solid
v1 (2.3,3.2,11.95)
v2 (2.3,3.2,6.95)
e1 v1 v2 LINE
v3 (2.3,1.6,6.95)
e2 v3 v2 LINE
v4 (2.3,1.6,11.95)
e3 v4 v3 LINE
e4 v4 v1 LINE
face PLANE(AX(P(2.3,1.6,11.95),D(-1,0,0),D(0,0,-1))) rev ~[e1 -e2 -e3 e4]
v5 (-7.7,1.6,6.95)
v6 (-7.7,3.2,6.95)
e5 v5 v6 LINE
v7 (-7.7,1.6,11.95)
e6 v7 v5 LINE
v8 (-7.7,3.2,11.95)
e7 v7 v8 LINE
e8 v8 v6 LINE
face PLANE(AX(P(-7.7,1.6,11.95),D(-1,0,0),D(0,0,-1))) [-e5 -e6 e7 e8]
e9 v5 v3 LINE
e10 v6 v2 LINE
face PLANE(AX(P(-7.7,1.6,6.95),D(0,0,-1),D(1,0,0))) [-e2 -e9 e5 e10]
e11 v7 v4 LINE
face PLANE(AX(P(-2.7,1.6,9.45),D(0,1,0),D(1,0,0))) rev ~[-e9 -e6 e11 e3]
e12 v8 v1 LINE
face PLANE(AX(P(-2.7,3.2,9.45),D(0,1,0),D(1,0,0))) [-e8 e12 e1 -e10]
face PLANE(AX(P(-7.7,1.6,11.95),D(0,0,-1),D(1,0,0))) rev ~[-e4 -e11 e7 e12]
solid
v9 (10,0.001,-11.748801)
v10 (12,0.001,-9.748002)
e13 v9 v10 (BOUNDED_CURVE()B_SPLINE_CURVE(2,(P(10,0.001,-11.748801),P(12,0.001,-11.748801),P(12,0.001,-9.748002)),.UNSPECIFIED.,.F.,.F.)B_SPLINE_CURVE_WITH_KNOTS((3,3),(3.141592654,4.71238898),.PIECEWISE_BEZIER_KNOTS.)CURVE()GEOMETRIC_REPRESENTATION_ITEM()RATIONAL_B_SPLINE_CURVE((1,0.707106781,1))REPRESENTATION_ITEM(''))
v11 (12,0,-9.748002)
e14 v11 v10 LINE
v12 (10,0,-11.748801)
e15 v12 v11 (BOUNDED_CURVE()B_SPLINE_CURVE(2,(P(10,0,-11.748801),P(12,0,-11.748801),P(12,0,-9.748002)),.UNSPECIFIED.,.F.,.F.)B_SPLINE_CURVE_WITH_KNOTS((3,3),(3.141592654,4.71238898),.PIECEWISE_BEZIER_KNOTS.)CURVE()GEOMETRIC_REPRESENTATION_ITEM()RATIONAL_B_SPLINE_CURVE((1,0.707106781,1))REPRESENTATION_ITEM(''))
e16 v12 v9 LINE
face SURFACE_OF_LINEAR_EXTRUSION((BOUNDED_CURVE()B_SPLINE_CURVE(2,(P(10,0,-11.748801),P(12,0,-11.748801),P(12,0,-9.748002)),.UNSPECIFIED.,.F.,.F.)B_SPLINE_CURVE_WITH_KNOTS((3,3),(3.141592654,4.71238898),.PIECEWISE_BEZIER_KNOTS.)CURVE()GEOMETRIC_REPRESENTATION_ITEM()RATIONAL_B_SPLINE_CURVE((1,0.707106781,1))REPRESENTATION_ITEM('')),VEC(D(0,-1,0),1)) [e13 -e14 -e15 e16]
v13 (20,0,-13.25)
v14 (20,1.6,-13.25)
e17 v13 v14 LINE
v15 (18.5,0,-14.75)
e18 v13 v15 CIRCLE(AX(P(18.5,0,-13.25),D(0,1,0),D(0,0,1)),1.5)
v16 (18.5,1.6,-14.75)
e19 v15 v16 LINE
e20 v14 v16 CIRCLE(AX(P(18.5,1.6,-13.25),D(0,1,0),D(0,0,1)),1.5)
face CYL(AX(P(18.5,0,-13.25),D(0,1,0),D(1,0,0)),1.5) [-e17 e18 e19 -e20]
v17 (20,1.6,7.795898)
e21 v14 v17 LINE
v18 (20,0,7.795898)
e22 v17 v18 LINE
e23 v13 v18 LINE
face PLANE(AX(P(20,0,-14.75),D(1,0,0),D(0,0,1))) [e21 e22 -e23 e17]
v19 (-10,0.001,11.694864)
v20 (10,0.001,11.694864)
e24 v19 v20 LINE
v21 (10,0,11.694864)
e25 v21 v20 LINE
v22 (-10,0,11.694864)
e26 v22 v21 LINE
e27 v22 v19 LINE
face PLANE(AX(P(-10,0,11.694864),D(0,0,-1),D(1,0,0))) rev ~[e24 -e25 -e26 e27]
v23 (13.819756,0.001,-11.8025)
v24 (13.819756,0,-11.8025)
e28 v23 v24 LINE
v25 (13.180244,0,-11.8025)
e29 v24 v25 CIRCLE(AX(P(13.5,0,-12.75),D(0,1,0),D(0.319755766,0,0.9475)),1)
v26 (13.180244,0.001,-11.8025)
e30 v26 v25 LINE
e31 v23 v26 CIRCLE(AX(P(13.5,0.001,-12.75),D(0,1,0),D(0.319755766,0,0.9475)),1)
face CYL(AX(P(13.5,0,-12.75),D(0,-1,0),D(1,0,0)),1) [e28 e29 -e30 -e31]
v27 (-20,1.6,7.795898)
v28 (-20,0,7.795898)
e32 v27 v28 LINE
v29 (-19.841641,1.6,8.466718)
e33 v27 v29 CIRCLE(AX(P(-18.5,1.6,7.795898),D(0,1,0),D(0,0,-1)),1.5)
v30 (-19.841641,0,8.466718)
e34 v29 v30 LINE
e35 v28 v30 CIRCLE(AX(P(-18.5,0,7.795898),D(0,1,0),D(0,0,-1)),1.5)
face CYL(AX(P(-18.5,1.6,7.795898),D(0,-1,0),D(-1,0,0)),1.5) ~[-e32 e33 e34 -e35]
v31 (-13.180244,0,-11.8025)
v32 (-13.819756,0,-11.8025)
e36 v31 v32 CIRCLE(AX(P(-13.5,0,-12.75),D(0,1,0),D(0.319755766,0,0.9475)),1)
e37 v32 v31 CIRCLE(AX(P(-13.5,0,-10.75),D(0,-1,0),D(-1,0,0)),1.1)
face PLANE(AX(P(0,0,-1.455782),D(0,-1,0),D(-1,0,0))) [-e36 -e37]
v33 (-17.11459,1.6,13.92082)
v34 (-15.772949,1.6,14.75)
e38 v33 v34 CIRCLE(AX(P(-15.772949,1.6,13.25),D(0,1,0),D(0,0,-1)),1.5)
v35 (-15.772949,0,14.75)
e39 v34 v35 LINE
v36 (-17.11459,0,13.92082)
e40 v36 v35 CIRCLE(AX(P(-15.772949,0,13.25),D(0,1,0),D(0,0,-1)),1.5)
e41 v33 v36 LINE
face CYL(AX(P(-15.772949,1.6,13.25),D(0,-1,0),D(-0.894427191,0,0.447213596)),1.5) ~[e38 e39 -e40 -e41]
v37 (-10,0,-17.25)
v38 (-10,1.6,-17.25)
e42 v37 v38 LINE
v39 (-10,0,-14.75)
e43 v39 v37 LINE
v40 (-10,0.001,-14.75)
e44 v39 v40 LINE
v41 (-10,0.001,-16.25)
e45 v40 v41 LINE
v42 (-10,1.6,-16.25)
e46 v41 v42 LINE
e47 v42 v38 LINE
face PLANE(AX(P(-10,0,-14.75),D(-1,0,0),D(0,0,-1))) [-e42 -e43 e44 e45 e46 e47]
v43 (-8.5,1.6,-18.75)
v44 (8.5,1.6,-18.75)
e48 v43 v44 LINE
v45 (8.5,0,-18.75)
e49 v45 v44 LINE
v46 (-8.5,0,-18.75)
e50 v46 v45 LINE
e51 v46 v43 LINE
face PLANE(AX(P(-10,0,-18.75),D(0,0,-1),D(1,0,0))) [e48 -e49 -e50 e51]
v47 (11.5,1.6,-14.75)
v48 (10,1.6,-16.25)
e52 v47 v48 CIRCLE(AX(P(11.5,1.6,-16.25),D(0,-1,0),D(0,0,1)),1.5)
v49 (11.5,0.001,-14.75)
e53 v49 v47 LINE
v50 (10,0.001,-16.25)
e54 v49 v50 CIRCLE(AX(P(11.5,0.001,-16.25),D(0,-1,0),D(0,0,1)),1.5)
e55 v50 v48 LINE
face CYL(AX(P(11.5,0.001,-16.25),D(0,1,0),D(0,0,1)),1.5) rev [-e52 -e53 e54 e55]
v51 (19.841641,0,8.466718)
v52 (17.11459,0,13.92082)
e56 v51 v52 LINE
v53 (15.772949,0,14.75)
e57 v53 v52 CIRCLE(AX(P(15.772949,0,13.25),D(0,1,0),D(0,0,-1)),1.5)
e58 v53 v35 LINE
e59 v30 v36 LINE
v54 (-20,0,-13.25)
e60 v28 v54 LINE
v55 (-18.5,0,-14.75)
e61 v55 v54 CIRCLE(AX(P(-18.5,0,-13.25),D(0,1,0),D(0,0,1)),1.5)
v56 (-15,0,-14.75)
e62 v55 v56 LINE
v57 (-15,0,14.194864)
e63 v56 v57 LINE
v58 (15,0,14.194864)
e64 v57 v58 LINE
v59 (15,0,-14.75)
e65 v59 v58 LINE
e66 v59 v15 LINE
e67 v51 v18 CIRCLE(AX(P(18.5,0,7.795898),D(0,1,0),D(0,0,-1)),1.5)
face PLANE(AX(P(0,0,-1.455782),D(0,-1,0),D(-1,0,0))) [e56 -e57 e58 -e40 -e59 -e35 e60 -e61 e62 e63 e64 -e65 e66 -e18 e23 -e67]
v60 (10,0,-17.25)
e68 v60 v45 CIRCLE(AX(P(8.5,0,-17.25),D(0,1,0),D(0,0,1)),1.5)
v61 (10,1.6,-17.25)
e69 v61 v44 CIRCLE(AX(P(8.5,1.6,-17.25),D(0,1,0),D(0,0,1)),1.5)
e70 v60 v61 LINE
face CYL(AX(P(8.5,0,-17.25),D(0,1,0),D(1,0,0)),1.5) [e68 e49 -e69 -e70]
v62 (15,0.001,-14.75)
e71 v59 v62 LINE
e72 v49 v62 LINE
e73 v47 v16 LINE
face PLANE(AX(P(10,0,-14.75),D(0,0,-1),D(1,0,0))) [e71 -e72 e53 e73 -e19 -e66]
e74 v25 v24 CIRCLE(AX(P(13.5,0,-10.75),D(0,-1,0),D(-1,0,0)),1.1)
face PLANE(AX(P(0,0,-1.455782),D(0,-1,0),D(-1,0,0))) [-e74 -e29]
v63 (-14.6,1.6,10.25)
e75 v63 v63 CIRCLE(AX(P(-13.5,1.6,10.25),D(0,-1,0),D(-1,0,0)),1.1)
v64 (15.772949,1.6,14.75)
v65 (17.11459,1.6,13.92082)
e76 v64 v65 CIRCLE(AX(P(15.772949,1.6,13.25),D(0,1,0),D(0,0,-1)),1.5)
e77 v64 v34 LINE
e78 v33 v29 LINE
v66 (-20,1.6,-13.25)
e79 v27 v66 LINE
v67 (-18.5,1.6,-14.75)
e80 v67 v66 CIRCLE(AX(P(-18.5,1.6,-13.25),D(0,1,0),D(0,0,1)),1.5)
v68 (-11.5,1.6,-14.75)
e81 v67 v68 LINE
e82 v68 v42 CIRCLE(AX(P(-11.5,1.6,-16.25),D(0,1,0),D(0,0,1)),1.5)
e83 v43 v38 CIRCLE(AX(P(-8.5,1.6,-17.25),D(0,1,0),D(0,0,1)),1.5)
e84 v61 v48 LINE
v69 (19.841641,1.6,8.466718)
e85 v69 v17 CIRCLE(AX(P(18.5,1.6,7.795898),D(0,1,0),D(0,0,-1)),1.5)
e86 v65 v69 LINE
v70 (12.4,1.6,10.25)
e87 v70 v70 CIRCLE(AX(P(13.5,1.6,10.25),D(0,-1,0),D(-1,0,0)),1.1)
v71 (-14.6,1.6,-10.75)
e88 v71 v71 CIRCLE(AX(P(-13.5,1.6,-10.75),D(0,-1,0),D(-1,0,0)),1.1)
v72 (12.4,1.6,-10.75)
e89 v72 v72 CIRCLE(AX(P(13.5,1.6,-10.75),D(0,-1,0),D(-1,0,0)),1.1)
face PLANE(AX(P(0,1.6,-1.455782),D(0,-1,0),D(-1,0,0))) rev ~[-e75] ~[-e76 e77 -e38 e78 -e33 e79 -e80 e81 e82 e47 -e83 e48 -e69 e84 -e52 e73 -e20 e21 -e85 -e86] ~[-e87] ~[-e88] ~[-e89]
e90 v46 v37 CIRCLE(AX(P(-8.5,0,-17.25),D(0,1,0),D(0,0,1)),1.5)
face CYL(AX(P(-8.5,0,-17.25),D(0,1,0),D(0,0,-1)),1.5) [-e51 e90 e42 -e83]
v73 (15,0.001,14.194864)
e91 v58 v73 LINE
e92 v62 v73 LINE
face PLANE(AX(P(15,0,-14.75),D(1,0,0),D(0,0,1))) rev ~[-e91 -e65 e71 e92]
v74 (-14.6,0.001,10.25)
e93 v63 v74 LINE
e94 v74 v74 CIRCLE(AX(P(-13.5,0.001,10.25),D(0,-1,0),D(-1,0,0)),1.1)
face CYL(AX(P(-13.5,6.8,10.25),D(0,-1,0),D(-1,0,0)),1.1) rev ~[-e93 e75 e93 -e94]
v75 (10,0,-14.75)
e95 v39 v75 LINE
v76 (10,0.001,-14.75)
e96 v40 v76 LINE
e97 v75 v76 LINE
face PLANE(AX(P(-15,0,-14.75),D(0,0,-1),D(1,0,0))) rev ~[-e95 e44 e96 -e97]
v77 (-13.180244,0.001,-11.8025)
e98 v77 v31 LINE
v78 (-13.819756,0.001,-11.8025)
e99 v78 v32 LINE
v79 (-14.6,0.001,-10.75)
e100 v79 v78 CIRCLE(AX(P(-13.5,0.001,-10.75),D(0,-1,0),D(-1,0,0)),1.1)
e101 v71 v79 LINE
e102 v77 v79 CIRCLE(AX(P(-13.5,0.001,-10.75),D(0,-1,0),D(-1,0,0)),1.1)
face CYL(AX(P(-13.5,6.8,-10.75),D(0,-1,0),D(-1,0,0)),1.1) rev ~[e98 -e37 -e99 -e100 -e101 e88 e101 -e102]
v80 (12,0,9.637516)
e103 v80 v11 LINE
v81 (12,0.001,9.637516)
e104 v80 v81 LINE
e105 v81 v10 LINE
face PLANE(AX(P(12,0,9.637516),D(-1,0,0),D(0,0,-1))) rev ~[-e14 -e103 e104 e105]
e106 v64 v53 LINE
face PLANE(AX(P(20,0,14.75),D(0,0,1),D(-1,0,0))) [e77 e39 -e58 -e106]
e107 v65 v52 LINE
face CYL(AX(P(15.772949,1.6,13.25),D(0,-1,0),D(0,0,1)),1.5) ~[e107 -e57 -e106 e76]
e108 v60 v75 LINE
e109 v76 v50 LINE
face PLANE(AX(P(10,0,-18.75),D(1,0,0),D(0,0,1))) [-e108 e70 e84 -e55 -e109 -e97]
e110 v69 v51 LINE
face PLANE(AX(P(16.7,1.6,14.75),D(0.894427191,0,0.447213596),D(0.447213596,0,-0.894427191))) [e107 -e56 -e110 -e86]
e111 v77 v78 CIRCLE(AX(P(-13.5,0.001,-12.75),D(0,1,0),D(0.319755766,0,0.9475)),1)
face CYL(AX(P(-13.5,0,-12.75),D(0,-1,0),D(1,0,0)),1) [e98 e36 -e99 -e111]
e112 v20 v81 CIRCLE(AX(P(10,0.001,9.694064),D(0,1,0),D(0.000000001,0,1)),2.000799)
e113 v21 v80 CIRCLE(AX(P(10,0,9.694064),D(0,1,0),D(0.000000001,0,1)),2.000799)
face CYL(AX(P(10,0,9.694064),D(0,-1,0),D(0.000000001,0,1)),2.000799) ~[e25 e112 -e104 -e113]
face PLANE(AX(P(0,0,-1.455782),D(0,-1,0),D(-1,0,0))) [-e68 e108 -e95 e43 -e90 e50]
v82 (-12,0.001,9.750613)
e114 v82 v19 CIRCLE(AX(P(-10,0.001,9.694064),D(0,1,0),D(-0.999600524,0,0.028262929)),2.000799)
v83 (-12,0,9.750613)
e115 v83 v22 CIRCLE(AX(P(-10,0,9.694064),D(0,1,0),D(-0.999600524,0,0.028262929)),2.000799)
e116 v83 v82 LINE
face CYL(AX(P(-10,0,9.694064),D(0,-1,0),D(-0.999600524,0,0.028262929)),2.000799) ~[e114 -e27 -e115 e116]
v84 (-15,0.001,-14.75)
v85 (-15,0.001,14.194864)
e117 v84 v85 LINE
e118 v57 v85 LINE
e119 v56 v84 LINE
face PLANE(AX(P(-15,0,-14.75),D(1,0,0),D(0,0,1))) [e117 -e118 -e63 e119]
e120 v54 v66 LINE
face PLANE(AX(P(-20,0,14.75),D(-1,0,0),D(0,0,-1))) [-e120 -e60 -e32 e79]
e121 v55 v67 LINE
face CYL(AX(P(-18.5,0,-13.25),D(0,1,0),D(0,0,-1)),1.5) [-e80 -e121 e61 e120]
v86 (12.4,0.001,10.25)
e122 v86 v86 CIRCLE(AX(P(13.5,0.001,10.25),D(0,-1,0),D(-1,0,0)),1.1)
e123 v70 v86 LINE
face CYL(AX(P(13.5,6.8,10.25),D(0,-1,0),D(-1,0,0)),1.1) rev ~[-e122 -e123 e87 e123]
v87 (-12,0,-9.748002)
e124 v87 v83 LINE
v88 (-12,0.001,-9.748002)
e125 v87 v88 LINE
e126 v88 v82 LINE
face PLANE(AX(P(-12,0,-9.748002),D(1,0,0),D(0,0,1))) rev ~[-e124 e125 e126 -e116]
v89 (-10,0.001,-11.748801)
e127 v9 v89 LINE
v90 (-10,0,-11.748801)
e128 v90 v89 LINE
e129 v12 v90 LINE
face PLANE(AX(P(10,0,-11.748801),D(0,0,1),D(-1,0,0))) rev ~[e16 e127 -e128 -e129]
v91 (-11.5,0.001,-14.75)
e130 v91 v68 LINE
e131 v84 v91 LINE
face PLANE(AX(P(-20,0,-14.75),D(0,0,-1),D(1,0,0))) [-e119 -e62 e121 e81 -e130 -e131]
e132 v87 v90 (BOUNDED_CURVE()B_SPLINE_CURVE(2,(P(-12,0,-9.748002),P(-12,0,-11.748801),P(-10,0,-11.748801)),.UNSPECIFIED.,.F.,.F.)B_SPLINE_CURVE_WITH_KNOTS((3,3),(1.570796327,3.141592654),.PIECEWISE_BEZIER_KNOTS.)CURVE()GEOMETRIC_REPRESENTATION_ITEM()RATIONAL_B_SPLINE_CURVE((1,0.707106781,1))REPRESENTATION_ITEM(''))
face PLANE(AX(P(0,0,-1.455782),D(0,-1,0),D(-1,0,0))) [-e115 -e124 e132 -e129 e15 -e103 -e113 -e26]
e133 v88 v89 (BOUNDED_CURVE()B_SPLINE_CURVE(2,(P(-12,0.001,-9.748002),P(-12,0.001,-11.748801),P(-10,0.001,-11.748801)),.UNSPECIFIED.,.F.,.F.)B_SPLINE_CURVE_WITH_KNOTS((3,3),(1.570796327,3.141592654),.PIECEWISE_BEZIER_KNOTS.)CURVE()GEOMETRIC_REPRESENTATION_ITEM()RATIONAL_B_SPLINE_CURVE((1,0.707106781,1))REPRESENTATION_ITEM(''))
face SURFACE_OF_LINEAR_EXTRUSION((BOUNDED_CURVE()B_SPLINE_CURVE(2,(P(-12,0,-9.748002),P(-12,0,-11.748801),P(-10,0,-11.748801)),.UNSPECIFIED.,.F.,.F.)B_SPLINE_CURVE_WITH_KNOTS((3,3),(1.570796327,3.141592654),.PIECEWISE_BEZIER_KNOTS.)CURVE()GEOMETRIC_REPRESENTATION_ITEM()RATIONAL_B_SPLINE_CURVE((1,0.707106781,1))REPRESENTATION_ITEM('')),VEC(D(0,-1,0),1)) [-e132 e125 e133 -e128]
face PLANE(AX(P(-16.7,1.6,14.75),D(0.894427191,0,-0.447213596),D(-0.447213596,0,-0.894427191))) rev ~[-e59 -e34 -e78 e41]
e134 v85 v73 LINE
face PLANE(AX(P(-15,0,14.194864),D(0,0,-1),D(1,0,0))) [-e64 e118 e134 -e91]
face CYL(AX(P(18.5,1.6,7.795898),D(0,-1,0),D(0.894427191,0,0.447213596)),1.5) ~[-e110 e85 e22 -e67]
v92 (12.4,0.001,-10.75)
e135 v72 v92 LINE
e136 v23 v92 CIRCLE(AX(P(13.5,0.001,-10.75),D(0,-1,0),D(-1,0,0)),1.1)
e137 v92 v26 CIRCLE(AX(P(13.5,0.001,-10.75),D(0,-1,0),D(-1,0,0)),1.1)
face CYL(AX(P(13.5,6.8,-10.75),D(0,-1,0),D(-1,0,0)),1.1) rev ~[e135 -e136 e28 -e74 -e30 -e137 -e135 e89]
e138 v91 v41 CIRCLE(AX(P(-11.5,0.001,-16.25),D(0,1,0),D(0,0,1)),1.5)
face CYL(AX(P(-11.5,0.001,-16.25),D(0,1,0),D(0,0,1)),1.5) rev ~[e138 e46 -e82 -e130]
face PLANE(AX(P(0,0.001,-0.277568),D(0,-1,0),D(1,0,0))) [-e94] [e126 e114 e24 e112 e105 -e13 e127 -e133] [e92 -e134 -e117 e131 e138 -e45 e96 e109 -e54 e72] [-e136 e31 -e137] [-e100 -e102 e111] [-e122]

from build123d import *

# Parameters (mm, degrees)
BOSS_EXTRUDE1_DEPTH      = 1.6
CUT_EXTRUDE4_DEPTH       = 28.461290938
M2_CLEARANCE_HOLE1_D     = 2.2
M2_CLEARANCE_HOLE1_DEPTH = 5.2
M2_CLEARANCE_HOLE1_TIP   = 0.660946681
SKETCH11_W               = 30
SKETCH11_H               = 28.944863729
SKETCH11_R               = 1
CUT_EXTRUDE3_DEPTH       = 0.001
SKETCH13_W               = 10
SKETCH13_H               = 5
BOSS_EXTRUDE2_DEPTH      = 1.6
FILLET1_R                = 1.5


with BuildPart() as part:
    # Sketch1 → Boss-Extrude1 (new body)
    with BuildSketch(Plane(origin=(0, 0, 0), x_dir=(1, 0, 0), z_dir=(0, 1, 0))):
        Polygon((-20, 14.75), (-10, 14.75), (-10, 18.75), (10, 18.75), (10, 14.75), (20, 14.75), (20, -14.75), (-20, -14.75), align=None)
    extrude(amount=BOSS_EXTRUDE1_DEPTH)

    # Sketch12 → Cut-Extrude4 (cut, through all)
    with BuildSketch(Plane(origin=(0, 1.6, 0), x_dir=(1, 0, 0), z_dir=(0, 1, 0))):
        Polygon((-16.7, -14.75), (-20, -8.15), (-20, -14.75), align=None)
        Polygon((16.7, -14.75), (20, -8.15), (20, -14.75), align=None)
    extrude(amount=-CUT_EXTRUDE4_DEPTH, mode=Mode.SUBTRACT)

    # M2 Clearance Hole1
    with Locations(Plane(origin=(0, 1.6, 0), x_dir=(1, 0, 0), z_dir=(0, 1, 0))):
        with Locations((-13.5, 10.75), (13.5, 10.75), (13.5, -10.25), (-13.5, -10.25)):
            Hole(M2_CLEARANCE_HOLE1_D / 2, depth=M2_CLEARANCE_HOLE1_DEPTH)
            with Locations((0, 0, -(M2_CLEARANCE_HOLE1_DEPTH + M2_CLEARANCE_HOLE1_TIP / 2))):  # 118° drill point
                Cone(0, M2_CLEARANCE_HOLE1_D / 2, M2_CLEARANCE_HOLE1_TIP, mode=Mode.SUBTRACT)

    # Sketch11 → Cut-Extrude3 (cut)
    with BuildSketch(Plane.XZ):
        with Locations((0, -0.277568136)):
            Rectangle(SKETCH11_W, SKETCH11_H)
        with Locations((13.5, -12.75)):
            Circle(SKETCH11_R, mode=Mode.SUBTRACT)
        with Locations((13.5, 10.25)):
            Circle(SKETCH11_R, mode=Mode.SUBTRACT)
        with Locations((-13.5, -12.75)):
            Circle(SKETCH11_R, mode=Mode.SUBTRACT)
        with Locations((-13.5, 10.25)):
            Circle(SKETCH11_R, mode=Mode.SUBTRACT)
        with BuildLine():
            Line((-10, 11.694863729), (10, 11.694863729))
            ThreePointArc((10, 11.694863729), (11.434632325, 11.088706998), (12, 9.637516011))
            Line((12, 9.637516011), (12, -9.74800182))
            add(Edge.make_bspline(
                [(10, -11.748801092), (12, -11.748801092), (12, -9.74800182)],
                knots=[3.141592654, 3.141592654, 3.141592654, 4.71238898, 4.71238898, 4.71238898], degree=2, weights=[1, 0.707106781, 1]))
            Line((10, -11.748801092), (-10, -11.748801092))
            add(Edge.make_bspline(
                [(-12, -9.74800182), (-12, -11.748801092), (-10, -11.748801092)],
                knots=[1.570796327, 1.570796327, 1.570796327, 3.141592654, 3.141592654, 3.141592654], degree=2, weights=[1, 0.707106781, 1]))
            Line((-12, -9.74800182), (-12, 9.750612903))
            ThreePointArc((-12, 9.750612903), (-11.394642541, 11.128696782), (-10, 11.694863729))
        make_face(mode=Mode.SUBTRACT)
    extrude(amount=-CUT_EXTRUDE3_DEPTH, mode=Mode.SUBTRACT)

    # Fillet1
    fillet1_edges = [part.edges().sort_by_distance(p)[0] for p in [
        (-20, 0.8, -14.75),
        (-10, 0.8005, -14.75),
        (-10, 0.8, -18.75),
        (10, 0.8, -18.75),
        (10, 0.8005, -14.75),
        (20, 0.8, -14.75),
        (-16.7, 0.8, 14.75),
        (-20, 0.8, 8.15),
        (16.7, 0.8, 14.75),
        (20, 0.8, 8.15),
    ]]
    fillet(fillet1_edges, radius=FILLET1_R)


with BuildPart() as body_2:
    # Sketch13 → Boss-Extrude2 (new body)
    with BuildSketch(Plane(origin=(0, 1.6, 0), x_dir=(1, 0, 0), z_dir=(0, 1, 0))):
        with Locations((-2.7, -9.45)):
            Rectangle(SKETCH13_W, SKETCH13_H)
    extrude(amount=BOSS_EXTRUDE2_DEPTH)


solid = Compound([part.part, body_2.part])
